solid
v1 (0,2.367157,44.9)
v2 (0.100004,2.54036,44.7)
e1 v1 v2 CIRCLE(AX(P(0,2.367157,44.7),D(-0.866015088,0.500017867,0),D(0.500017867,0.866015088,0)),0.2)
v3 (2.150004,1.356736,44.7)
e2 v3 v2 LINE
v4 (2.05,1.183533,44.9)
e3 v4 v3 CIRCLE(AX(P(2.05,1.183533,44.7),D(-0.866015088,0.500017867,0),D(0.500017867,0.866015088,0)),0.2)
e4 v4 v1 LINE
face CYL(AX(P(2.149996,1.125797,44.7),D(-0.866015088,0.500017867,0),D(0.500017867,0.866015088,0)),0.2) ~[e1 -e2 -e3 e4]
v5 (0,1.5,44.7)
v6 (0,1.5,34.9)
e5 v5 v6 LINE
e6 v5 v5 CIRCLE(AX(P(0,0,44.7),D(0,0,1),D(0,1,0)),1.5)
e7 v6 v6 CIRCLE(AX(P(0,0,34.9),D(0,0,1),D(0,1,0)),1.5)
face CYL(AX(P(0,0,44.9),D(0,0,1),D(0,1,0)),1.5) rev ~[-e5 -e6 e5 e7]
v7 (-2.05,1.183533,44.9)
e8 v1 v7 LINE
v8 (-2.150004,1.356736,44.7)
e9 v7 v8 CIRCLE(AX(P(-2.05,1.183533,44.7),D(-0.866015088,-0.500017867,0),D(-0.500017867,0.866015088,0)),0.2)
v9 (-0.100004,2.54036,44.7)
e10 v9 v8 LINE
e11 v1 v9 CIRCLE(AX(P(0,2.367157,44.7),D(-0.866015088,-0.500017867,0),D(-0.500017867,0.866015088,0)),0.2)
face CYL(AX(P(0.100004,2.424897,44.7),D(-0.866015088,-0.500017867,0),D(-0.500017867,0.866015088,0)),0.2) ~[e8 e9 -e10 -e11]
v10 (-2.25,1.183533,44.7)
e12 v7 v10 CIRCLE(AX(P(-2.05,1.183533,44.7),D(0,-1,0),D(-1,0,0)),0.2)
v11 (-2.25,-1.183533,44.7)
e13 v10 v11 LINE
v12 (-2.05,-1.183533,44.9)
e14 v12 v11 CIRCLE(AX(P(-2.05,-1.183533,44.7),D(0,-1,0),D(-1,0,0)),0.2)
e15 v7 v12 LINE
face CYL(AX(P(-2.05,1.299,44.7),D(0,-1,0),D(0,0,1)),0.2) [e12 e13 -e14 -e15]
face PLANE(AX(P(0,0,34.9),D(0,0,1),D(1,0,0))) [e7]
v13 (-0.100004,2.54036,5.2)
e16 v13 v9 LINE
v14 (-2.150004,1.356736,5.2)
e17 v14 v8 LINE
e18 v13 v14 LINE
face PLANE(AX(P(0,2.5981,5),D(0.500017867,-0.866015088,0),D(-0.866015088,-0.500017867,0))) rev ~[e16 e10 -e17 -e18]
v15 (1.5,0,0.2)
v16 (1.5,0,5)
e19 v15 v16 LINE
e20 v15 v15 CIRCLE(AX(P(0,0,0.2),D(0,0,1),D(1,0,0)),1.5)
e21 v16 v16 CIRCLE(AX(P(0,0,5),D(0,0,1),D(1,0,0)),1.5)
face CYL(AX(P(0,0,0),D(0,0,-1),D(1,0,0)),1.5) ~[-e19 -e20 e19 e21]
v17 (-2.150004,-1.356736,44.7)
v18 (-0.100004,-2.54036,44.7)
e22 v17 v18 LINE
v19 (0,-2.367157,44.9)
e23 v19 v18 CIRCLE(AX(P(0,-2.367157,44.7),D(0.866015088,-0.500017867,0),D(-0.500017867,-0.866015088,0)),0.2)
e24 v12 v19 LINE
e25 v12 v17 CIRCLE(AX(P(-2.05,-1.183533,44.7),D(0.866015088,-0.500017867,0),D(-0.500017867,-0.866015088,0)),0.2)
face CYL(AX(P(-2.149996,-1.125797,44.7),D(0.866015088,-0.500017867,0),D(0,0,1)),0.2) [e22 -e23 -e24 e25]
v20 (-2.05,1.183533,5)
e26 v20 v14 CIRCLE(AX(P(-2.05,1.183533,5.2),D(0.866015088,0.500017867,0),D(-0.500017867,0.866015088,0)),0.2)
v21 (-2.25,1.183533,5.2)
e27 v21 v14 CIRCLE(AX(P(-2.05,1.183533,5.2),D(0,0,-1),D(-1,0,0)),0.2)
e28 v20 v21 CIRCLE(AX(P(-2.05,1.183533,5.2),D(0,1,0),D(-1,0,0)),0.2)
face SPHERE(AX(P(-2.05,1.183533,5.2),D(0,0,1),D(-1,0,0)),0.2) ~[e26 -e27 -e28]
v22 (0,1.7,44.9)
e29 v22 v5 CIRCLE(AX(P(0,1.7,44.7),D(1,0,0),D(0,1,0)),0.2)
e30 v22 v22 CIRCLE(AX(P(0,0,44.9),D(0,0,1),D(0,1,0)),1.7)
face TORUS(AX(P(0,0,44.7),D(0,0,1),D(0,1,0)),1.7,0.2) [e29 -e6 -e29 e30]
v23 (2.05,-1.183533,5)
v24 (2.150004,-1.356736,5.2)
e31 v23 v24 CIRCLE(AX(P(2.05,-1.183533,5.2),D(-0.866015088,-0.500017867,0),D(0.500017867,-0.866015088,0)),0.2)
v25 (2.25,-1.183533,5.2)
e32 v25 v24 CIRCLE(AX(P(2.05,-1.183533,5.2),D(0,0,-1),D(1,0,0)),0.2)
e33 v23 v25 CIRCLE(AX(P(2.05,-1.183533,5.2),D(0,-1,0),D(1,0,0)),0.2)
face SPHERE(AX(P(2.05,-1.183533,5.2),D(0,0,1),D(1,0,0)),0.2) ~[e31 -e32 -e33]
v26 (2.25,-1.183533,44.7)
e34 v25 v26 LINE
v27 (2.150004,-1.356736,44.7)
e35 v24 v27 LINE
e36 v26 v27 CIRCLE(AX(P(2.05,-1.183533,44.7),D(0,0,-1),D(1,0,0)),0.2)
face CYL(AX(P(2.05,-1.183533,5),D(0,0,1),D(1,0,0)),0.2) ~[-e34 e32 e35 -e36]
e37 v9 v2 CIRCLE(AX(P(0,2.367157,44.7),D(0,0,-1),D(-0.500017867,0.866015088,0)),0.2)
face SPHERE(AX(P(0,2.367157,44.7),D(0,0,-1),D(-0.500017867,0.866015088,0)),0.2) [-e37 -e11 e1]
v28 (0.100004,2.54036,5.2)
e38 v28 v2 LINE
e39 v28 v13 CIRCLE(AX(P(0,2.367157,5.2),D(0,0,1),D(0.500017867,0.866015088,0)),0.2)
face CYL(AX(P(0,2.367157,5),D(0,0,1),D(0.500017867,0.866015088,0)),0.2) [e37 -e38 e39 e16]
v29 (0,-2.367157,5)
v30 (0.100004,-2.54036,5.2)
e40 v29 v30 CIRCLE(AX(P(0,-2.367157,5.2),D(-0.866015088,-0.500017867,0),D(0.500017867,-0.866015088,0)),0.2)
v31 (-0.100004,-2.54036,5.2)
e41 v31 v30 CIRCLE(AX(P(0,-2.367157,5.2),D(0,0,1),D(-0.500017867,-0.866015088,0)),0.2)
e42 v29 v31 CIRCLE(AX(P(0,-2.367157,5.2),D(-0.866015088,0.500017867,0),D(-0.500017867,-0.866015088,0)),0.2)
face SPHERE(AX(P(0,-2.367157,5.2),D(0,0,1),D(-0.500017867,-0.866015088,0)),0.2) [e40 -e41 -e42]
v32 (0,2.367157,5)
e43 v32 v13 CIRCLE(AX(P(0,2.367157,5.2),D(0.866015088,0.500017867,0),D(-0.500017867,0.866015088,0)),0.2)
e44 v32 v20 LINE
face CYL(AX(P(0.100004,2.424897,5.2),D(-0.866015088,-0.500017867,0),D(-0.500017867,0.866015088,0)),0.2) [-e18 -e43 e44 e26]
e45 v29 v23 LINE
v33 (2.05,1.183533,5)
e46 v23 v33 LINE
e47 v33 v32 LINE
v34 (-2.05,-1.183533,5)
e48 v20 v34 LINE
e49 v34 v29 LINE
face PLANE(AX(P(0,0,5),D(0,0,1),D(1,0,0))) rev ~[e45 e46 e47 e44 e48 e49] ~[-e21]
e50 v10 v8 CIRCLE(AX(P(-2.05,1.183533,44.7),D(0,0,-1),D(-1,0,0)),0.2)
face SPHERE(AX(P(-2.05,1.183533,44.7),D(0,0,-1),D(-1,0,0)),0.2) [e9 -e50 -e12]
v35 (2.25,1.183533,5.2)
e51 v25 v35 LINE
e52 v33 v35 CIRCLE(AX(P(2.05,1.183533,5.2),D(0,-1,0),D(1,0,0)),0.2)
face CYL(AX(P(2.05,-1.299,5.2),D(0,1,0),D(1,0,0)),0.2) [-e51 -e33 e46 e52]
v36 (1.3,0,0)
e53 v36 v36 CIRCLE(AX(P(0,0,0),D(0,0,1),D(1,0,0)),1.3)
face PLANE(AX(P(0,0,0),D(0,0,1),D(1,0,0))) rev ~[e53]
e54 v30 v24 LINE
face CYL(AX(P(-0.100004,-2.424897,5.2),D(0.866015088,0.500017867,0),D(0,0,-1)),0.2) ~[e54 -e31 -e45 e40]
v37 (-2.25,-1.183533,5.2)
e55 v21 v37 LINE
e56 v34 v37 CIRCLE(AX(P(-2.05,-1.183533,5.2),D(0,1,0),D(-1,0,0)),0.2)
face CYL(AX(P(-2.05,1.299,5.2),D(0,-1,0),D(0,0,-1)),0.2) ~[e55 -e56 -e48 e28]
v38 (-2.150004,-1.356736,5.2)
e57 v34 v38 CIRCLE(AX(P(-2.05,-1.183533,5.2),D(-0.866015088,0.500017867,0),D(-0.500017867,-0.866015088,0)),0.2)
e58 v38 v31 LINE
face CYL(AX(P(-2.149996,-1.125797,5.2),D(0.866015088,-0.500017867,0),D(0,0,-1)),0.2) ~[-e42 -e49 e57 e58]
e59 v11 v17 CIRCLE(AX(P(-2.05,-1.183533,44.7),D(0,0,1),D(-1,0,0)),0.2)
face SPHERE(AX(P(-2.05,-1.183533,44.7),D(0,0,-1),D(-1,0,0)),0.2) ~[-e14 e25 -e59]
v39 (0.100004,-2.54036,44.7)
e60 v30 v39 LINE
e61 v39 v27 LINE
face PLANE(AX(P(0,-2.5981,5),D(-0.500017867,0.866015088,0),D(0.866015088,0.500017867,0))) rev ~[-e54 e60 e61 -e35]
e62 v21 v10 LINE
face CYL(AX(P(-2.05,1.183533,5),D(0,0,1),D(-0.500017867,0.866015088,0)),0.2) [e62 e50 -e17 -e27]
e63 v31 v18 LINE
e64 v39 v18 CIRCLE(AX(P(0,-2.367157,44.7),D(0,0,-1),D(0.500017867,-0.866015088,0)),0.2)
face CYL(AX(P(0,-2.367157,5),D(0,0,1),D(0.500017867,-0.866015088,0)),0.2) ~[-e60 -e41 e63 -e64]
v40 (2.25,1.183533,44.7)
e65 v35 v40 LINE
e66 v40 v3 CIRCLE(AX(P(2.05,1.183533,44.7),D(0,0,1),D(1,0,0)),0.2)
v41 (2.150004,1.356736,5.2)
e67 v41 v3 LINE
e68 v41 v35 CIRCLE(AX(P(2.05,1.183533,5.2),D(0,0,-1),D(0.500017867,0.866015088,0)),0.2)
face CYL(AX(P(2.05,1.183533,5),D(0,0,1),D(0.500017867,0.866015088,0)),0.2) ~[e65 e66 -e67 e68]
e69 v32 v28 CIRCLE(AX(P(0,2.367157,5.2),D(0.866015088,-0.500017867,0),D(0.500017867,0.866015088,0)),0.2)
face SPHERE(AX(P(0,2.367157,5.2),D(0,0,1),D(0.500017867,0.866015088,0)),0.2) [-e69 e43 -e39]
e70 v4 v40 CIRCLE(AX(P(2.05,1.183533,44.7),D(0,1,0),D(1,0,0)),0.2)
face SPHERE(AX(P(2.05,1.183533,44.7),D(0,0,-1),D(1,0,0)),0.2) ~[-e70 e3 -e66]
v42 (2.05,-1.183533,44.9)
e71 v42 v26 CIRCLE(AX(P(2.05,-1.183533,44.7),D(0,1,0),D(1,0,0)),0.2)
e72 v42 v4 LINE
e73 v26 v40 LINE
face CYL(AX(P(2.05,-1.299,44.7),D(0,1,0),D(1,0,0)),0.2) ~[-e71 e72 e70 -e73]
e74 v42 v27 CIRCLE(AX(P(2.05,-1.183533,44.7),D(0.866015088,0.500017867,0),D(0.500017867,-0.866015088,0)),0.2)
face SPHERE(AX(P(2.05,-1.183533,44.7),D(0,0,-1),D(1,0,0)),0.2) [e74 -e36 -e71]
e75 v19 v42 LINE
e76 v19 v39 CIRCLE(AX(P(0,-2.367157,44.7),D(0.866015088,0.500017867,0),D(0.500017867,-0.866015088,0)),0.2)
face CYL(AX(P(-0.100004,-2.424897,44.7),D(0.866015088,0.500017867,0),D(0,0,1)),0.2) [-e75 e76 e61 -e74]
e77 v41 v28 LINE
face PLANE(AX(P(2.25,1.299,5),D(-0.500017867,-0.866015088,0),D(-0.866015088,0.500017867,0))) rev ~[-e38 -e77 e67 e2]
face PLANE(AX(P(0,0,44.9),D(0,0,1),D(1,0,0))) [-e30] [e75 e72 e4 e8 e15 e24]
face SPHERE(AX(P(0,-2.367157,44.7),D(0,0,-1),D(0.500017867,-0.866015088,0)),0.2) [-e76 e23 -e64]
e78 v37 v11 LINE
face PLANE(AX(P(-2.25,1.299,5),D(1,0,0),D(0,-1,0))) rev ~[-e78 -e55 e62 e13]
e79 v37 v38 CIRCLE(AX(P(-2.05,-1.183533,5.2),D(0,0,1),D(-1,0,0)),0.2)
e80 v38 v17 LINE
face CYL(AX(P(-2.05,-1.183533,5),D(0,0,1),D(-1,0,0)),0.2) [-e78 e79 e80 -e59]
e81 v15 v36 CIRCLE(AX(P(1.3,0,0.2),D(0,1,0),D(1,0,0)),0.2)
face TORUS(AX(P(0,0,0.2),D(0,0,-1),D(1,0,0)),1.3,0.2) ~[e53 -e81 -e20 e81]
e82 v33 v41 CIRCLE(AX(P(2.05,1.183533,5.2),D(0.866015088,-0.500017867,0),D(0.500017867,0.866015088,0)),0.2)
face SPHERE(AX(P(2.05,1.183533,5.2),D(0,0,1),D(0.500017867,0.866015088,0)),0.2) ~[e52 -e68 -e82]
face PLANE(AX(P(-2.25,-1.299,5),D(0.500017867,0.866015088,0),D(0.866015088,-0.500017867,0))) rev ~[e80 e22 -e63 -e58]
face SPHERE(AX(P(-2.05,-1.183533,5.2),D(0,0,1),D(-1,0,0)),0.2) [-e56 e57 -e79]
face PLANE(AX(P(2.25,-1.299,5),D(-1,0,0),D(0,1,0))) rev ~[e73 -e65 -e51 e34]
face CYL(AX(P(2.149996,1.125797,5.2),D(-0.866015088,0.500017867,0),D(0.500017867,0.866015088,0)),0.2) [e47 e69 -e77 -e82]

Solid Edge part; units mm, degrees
sketch "Sketch1" plane through (0, 0, 0) normal (0, 0, 1) x (1, 0, 0)
  circle A0 centre (0, 0) radius 1.5
extrude "Protrusion1" add sketch "Sketch1" along normal blind 5
sketch "Sketch2" plane through (0, 0, 5) normal (0, 0, 1) x (1, 0, 0)
  line L0 (2.25, 1.299) -> (0, 2.5981)
  line L1 (0, 2.5981) -> (-2.25, 1.299)
  line L2 (-2.25, 1.299) -> (-2.25, -1.299)
  line L3 (-2.25, -1.299) -> (0, -2.5981)
  line L4 (0, -2.5981) -> (2.25, -1.299)
  line L5 (2.25, -1.299) -> (2.25, 1.299)
extrude "ExtrudedProtrusion_2" add sketch "Sketch2" along normal blind 39.9
sketch "Sketch3" plane through (0, 0, 44.9) normal (0, 0, 1) x (0, 1, 0)
  circle A0 centre (0, 0) radius 1.5
extrude "ExtrudedCutout_1" cut sketch "Sketch3" against normal blind 10
fillet "Round_1" radius 0.2 20 edges at (2.25, -1.299, 24.95) (2.25, 1.299, 24.95) (2.25, 0, 44.9) (1.125, 1.9486, 44.9) (0, -1.5, 44.9) (0, 2.5981, 24.95) (1.125, 1.9486, 5) (2.25, 0, 5) (1.125, -1.9486, 5) (0, -2.5981, 24.95) (1.125, -1.9486, 44.9) (-1.125, -1.9486, 44.9) (-1.125, -1.9486, 5) (-2.25, -1.299, 24.95) (-2.25, 0, 44.9) (-1.125, 1.9486, 44.9) (-2.25, 1.299, 24.95) (-2.25, 0, 5) (-1.125, 1.9486, 5) (-1.5, 0, 0)
properties material "Brass, yellow brass"
